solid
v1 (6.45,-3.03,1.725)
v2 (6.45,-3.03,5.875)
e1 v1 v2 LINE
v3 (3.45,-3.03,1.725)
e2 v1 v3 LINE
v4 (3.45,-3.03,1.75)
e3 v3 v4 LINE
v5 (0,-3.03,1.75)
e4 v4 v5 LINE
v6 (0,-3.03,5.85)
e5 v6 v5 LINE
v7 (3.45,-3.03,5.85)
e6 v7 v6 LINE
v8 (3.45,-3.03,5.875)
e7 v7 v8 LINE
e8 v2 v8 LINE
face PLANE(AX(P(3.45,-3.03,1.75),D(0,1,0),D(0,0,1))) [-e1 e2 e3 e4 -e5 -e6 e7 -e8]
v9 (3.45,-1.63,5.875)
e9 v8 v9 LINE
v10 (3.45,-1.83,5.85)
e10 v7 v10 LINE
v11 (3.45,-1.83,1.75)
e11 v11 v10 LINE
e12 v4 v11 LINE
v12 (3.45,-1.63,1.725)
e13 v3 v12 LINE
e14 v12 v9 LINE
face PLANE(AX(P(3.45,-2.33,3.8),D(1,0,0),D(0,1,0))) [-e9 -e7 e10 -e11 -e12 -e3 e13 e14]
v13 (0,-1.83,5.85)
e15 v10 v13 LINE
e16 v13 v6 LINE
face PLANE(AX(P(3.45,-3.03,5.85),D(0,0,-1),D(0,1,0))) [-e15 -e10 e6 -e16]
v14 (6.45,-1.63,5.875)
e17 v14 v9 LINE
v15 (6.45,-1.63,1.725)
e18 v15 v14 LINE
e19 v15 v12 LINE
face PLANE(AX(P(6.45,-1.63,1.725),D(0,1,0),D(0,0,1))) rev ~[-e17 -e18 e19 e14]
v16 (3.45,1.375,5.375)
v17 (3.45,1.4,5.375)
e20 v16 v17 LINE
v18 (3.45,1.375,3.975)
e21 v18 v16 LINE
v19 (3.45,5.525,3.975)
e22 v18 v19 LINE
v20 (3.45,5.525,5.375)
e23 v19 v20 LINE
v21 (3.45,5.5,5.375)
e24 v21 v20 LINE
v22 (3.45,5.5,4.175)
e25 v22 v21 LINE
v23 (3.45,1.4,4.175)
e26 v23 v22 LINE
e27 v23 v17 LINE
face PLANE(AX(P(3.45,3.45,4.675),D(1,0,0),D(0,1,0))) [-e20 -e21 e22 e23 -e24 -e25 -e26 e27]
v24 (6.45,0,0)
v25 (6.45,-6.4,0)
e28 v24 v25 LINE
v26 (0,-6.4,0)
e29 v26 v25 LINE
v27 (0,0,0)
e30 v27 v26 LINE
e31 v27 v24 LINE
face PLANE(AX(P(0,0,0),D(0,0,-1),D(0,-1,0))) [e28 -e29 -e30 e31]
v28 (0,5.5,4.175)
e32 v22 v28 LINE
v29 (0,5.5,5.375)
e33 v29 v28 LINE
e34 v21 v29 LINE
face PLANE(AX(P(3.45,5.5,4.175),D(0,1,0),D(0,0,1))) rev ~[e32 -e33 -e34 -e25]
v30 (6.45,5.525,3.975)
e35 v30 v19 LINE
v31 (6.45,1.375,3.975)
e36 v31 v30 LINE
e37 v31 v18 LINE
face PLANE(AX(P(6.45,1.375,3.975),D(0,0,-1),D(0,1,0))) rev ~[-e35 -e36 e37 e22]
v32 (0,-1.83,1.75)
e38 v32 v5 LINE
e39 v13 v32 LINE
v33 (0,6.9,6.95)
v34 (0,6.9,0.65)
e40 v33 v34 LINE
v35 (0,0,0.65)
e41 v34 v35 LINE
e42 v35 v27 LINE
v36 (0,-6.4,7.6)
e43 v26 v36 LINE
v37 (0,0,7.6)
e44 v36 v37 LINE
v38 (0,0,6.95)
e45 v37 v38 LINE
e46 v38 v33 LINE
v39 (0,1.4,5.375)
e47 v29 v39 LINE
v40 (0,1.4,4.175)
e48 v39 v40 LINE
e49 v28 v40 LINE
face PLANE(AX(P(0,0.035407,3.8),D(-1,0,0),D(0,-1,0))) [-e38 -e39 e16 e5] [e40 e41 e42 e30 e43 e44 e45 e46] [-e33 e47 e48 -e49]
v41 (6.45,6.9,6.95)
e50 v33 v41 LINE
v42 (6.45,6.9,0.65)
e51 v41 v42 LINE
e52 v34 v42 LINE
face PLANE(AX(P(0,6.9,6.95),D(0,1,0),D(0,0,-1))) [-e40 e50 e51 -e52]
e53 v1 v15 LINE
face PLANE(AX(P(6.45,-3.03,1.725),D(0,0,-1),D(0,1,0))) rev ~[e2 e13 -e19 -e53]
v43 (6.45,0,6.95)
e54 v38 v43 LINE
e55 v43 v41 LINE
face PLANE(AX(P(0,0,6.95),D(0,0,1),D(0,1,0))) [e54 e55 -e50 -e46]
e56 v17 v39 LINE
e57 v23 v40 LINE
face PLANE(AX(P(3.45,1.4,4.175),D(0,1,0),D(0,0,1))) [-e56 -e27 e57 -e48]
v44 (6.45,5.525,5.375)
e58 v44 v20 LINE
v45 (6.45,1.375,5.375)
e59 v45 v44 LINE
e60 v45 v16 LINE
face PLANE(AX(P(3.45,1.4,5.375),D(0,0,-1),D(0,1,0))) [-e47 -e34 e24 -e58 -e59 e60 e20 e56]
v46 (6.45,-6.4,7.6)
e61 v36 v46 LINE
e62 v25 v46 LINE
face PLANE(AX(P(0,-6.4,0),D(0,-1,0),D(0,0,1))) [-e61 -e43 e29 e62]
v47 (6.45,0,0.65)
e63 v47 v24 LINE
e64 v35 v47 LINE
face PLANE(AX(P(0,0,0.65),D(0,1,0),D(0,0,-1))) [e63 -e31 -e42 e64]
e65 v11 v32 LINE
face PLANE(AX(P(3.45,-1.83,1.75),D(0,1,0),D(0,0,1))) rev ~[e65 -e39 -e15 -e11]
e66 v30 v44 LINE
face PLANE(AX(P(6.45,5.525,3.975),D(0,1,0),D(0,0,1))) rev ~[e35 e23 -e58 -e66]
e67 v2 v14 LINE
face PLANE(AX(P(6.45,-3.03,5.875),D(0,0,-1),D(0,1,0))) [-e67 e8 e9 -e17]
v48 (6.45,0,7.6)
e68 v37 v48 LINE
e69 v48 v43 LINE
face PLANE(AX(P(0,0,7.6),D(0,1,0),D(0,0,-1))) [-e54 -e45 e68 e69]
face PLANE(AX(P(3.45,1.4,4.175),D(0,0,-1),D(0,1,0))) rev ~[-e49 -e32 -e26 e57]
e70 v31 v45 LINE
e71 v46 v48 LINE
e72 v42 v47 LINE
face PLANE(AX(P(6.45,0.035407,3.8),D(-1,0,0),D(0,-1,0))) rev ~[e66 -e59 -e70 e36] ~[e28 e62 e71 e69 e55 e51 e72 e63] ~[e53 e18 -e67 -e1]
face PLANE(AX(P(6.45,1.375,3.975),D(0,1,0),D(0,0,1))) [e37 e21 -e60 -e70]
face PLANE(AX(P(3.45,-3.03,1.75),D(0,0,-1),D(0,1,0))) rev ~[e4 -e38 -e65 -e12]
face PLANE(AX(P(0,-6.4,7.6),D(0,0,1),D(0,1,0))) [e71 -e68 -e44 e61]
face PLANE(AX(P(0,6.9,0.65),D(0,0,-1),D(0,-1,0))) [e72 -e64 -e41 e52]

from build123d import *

# Parameters (mm, degrees)
PAD039_DEPTH    = 6.45
SKETCH105_W     = 1.4
SKETCH105_H     = 4.15
SKETCH105_W_2   = 4.15
SKETCH105_H_2   = 1.4
POCKET054_DEPTH = 3
SKETCH106_W     = 1.2
SKETCH106_H     = 4.1
SKETCH106_W_2   = 4.1
SKETCH106_H_2   = 1.2
POCKET055_DEPTH = 3.5


with BuildPart() as part:
    # Sketch104 → Pad039 (new body)
    with BuildSketch(Plane.YZ):
        Polygon((-6.4, 7.6), (0, 7.6), (0, 6.95), (6.9, 6.95), (6.9, 0.65), (0, 0.65), (0, 0), (-6.4, 0), align=None)
    extrude(amount=PAD039_DEPTH)

    # Sketch105 (on Face10 of Pad039) → Pocket054 (cut)
    with BuildSketch(Plane.YZ.offset(6.45)):
        with Locations((-2.33, 3.8)):
            Rectangle(SKETCH105_W, SKETCH105_H)
        with Locations((3.45, 4.675)):
            Rectangle(SKETCH105_W_2, SKETCH105_H_2)
    extrude(amount=-POCKET054_DEPTH, mode=Mode.SUBTRACT)

    # Sketch106 (on Face19 of Pocket054) → Pocket055 (cut)
    with BuildSketch(Plane.YZ.offset(3.45)):
        with Locations((-2.43, 3.8)):
            Rectangle(SKETCH106_W, SKETCH106_H)
        with Locations((3.45, 4.775)):
            Rectangle(SKETCH106_W_2, SKETCH106_H_2)
    extrude(amount=-POCKET055_DEPTH, mode=Mode.SUBTRACT)


solid = part.part
